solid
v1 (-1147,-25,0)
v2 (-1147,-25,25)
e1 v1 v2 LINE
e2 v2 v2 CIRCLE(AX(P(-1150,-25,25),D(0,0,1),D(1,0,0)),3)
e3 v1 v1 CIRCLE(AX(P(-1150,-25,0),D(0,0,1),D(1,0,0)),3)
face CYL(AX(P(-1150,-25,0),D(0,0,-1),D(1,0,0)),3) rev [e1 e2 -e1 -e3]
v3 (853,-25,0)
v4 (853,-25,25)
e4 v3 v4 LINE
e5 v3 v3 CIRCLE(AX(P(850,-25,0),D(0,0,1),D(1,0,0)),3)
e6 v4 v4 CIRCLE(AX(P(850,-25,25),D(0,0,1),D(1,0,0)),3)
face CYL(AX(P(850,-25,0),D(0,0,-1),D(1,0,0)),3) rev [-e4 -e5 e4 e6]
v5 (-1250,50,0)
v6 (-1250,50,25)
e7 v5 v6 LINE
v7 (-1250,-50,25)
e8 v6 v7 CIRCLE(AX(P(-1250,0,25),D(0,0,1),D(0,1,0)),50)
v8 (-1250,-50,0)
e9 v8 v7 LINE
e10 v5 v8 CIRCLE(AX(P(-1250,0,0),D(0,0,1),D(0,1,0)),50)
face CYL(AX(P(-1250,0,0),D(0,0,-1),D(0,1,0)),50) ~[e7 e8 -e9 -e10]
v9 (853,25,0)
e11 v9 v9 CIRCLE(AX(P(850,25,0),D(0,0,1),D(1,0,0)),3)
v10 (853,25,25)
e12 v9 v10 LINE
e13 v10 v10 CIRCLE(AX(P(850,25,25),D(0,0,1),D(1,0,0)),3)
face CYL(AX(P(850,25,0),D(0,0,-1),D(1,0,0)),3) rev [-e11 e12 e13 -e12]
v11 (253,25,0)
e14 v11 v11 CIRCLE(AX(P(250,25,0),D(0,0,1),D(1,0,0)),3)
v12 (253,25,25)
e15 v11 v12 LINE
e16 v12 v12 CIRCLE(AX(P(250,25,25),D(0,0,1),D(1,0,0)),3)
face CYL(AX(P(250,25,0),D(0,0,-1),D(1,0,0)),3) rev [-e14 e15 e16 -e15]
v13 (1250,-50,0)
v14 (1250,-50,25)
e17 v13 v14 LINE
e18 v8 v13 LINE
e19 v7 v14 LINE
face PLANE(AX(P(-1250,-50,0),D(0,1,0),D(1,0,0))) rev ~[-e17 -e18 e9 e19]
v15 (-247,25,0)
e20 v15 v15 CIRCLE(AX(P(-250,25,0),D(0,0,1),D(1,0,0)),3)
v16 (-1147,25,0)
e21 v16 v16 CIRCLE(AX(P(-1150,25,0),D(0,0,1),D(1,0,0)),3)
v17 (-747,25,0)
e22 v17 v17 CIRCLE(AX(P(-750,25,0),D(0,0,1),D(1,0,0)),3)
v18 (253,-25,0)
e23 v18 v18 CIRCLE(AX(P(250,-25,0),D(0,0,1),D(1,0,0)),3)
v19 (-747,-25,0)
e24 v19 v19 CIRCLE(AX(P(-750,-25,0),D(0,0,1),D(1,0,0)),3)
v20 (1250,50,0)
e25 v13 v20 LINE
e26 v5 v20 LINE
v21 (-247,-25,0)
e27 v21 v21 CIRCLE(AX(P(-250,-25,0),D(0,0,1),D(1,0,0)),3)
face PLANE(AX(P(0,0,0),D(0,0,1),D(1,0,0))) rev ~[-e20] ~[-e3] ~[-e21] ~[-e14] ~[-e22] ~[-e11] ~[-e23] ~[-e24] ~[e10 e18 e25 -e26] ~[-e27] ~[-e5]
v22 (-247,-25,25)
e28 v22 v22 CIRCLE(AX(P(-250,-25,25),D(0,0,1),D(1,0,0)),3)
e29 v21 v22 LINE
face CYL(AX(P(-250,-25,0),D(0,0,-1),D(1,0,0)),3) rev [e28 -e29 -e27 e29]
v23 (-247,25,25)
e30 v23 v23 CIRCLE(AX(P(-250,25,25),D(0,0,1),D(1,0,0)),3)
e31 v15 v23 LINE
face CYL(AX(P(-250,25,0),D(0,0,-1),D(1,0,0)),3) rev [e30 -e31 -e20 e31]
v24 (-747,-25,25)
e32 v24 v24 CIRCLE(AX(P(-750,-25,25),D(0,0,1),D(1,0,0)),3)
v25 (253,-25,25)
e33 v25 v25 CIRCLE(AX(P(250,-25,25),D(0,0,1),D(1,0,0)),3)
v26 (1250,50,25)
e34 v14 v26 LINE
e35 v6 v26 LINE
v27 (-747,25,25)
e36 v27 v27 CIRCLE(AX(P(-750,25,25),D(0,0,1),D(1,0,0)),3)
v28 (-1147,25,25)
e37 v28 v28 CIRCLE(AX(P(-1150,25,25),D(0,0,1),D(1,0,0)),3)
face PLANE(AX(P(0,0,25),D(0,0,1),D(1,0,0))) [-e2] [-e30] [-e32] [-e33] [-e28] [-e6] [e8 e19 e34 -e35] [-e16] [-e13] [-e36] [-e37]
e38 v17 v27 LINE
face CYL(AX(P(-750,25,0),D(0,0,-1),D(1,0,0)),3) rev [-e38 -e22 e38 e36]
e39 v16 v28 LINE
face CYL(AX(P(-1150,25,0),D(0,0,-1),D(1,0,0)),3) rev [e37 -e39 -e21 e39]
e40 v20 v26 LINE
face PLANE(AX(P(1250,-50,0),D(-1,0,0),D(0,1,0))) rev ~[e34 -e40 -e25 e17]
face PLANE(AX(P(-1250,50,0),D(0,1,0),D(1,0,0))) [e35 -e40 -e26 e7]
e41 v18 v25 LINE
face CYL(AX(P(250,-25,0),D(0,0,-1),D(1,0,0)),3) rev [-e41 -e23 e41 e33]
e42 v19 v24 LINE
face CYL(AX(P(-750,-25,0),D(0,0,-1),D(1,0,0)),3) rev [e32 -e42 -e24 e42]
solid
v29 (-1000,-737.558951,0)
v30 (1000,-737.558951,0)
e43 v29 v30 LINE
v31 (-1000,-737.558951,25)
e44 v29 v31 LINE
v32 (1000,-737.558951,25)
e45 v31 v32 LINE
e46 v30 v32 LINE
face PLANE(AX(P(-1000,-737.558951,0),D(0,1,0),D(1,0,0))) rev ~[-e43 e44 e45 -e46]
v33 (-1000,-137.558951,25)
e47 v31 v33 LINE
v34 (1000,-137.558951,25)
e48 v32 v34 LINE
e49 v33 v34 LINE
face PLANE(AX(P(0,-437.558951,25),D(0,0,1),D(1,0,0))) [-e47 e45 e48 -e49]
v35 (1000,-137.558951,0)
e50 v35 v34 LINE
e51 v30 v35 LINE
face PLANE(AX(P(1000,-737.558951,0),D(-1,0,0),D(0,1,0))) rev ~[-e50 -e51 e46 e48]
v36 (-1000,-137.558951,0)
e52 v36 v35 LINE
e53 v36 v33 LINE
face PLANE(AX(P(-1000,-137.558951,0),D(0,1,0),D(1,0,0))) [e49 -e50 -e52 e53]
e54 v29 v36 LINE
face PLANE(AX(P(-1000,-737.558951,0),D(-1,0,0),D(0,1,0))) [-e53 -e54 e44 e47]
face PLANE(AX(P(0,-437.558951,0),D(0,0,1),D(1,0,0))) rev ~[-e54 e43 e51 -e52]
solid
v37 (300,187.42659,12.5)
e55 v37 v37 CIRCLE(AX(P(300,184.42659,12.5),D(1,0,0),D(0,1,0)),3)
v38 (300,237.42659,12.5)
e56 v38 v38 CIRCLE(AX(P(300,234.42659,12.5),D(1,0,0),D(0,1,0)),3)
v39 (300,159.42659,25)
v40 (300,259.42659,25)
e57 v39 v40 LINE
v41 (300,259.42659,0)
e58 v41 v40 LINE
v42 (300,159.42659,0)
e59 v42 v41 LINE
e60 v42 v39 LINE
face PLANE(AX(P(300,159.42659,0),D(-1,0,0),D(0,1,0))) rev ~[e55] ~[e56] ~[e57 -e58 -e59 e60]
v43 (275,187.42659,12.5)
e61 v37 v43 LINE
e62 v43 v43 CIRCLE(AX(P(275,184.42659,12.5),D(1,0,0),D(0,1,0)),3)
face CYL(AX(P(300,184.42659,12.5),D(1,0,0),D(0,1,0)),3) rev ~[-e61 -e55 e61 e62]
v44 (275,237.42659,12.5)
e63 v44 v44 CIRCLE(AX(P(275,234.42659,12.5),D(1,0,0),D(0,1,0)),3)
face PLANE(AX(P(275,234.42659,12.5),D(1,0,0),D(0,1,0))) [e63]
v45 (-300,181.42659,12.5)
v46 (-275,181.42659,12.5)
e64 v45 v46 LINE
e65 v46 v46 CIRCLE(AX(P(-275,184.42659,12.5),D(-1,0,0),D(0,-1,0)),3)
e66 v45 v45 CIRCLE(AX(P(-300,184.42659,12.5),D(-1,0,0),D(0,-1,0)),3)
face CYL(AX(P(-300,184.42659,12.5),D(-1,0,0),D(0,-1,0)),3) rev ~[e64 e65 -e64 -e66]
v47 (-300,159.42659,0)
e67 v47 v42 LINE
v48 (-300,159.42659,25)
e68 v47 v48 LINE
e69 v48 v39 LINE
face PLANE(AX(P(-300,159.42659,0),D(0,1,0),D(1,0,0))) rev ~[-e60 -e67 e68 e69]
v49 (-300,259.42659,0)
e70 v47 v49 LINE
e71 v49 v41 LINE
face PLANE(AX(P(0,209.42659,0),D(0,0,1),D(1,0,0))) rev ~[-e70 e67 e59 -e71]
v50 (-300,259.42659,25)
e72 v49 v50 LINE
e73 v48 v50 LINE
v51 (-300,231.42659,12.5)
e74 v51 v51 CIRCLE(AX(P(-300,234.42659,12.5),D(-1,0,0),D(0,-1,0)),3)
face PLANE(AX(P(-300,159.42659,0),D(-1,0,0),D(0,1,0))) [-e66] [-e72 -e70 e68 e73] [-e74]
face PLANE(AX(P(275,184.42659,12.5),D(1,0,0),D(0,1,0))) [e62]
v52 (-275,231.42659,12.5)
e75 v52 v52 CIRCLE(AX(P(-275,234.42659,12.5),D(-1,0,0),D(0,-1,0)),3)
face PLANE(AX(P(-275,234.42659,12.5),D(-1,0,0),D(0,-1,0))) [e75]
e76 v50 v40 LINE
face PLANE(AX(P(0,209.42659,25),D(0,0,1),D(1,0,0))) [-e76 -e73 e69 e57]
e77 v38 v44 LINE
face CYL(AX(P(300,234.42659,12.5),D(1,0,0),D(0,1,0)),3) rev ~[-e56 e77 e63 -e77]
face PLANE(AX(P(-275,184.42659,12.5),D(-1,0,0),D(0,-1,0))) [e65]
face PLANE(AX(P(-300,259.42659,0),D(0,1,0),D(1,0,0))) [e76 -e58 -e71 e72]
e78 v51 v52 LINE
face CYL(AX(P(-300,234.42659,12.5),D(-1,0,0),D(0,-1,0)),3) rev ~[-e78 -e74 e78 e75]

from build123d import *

# Parameters (mm, degrees)
F0_W      = 2500
F0_H      = 100
F0_R      = 3
F1_DEPTH  = 25
F2_W      = 600
F2_H      = 100
F3_DEPTH  = 25
F5_R      = 3
F6_DEPTH  = 25
F7_R      = 3
F8_DEPTH  = 25
F9_W      = 2000
F9_H      = 600
F10_DEPTH = 25


with BuildPart() as f1:
    # F0 (on Top) → F1 (new body)
    with BuildSketch(Plane.XY):
        Rectangle(F0_W, F0_H)
        with Locations((-1150, -25)):
            Circle(F0_R, mode=Mode.SUBTRACT)
        with Locations((-750, -25)):
            Circle(F0_R, mode=Mode.SUBTRACT)
        with Locations((-250, -25)):
            Circle(F0_R, mode=Mode.SUBTRACT)
        with Locations((250, -25)):
            Circle(F0_R, mode=Mode.SUBTRACT)
        with Locations((850, -25)):
            Circle(F0_R, mode=Mode.SUBTRACT)
        with Locations((-1150, 25)):
            Circle(F0_R, mode=Mode.SUBTRACT)
        with Locations((-750, 25)):
            Circle(F0_R, mode=Mode.SUBTRACT)
        with Locations((-250, 25)):
            Circle(F0_R, mode=Mode.SUBTRACT)
        with Locations((250, 25)):
            Circle(F0_R, mode=Mode.SUBTRACT)
        with Locations((850, 25)):
            Circle(F0_R, mode=Mode.SUBTRACT)
        with BuildLine():
            ThreePointArc((-1250, 50), (-1300, 0), (-1250, -50))
            Line((-1250, -50), (-1250, 50))
        make_face()
    extrude(amount=F1_DEPTH)


with BuildPart() as f3:
    # F2 (on Top) → F3 (new body)
    with BuildSketch(Plane.XY):
        with Locations((0, 209.42659)):
            Rectangle(F2_W, F2_H)
    extrude(amount=F3_DEPTH)

    # F5 (on face) → F6 (cut)
    with BuildSketch(Plane(origin=(-300, 0, 0), x_dir=(0, -1, 0), z_dir=(-1, 0, 0))):
        with Locations((-234.42659, 12.5)):
            Circle(F5_R)
        with Locations((-184.42659, 12.5)):
            Circle(F5_R)
    extrude(amount=-F6_DEPTH, mode=Mode.SUBTRACT)

    # F7 (on face) → F8 (cut)
    with BuildSketch(Plane.YZ.offset(300)):
        with Locations((184.42659, 12.5)):
            Circle(F7_R)
        with Locations((234.42659, 12.5)):
            Circle(F7_R)
    extrude(amount=-F8_DEPTH, mode=Mode.SUBTRACT)


with BuildPart() as f10:
    # F9 (on Top) → F10 (new body)
    with BuildSketch(Plane.XY):
        with Locations((0, -437.558951)):
            Rectangle(F9_W, F9_H)
    extrude(amount=F10_DEPTH)


solid = Compound([f1.part, f3.part, f10.part])
